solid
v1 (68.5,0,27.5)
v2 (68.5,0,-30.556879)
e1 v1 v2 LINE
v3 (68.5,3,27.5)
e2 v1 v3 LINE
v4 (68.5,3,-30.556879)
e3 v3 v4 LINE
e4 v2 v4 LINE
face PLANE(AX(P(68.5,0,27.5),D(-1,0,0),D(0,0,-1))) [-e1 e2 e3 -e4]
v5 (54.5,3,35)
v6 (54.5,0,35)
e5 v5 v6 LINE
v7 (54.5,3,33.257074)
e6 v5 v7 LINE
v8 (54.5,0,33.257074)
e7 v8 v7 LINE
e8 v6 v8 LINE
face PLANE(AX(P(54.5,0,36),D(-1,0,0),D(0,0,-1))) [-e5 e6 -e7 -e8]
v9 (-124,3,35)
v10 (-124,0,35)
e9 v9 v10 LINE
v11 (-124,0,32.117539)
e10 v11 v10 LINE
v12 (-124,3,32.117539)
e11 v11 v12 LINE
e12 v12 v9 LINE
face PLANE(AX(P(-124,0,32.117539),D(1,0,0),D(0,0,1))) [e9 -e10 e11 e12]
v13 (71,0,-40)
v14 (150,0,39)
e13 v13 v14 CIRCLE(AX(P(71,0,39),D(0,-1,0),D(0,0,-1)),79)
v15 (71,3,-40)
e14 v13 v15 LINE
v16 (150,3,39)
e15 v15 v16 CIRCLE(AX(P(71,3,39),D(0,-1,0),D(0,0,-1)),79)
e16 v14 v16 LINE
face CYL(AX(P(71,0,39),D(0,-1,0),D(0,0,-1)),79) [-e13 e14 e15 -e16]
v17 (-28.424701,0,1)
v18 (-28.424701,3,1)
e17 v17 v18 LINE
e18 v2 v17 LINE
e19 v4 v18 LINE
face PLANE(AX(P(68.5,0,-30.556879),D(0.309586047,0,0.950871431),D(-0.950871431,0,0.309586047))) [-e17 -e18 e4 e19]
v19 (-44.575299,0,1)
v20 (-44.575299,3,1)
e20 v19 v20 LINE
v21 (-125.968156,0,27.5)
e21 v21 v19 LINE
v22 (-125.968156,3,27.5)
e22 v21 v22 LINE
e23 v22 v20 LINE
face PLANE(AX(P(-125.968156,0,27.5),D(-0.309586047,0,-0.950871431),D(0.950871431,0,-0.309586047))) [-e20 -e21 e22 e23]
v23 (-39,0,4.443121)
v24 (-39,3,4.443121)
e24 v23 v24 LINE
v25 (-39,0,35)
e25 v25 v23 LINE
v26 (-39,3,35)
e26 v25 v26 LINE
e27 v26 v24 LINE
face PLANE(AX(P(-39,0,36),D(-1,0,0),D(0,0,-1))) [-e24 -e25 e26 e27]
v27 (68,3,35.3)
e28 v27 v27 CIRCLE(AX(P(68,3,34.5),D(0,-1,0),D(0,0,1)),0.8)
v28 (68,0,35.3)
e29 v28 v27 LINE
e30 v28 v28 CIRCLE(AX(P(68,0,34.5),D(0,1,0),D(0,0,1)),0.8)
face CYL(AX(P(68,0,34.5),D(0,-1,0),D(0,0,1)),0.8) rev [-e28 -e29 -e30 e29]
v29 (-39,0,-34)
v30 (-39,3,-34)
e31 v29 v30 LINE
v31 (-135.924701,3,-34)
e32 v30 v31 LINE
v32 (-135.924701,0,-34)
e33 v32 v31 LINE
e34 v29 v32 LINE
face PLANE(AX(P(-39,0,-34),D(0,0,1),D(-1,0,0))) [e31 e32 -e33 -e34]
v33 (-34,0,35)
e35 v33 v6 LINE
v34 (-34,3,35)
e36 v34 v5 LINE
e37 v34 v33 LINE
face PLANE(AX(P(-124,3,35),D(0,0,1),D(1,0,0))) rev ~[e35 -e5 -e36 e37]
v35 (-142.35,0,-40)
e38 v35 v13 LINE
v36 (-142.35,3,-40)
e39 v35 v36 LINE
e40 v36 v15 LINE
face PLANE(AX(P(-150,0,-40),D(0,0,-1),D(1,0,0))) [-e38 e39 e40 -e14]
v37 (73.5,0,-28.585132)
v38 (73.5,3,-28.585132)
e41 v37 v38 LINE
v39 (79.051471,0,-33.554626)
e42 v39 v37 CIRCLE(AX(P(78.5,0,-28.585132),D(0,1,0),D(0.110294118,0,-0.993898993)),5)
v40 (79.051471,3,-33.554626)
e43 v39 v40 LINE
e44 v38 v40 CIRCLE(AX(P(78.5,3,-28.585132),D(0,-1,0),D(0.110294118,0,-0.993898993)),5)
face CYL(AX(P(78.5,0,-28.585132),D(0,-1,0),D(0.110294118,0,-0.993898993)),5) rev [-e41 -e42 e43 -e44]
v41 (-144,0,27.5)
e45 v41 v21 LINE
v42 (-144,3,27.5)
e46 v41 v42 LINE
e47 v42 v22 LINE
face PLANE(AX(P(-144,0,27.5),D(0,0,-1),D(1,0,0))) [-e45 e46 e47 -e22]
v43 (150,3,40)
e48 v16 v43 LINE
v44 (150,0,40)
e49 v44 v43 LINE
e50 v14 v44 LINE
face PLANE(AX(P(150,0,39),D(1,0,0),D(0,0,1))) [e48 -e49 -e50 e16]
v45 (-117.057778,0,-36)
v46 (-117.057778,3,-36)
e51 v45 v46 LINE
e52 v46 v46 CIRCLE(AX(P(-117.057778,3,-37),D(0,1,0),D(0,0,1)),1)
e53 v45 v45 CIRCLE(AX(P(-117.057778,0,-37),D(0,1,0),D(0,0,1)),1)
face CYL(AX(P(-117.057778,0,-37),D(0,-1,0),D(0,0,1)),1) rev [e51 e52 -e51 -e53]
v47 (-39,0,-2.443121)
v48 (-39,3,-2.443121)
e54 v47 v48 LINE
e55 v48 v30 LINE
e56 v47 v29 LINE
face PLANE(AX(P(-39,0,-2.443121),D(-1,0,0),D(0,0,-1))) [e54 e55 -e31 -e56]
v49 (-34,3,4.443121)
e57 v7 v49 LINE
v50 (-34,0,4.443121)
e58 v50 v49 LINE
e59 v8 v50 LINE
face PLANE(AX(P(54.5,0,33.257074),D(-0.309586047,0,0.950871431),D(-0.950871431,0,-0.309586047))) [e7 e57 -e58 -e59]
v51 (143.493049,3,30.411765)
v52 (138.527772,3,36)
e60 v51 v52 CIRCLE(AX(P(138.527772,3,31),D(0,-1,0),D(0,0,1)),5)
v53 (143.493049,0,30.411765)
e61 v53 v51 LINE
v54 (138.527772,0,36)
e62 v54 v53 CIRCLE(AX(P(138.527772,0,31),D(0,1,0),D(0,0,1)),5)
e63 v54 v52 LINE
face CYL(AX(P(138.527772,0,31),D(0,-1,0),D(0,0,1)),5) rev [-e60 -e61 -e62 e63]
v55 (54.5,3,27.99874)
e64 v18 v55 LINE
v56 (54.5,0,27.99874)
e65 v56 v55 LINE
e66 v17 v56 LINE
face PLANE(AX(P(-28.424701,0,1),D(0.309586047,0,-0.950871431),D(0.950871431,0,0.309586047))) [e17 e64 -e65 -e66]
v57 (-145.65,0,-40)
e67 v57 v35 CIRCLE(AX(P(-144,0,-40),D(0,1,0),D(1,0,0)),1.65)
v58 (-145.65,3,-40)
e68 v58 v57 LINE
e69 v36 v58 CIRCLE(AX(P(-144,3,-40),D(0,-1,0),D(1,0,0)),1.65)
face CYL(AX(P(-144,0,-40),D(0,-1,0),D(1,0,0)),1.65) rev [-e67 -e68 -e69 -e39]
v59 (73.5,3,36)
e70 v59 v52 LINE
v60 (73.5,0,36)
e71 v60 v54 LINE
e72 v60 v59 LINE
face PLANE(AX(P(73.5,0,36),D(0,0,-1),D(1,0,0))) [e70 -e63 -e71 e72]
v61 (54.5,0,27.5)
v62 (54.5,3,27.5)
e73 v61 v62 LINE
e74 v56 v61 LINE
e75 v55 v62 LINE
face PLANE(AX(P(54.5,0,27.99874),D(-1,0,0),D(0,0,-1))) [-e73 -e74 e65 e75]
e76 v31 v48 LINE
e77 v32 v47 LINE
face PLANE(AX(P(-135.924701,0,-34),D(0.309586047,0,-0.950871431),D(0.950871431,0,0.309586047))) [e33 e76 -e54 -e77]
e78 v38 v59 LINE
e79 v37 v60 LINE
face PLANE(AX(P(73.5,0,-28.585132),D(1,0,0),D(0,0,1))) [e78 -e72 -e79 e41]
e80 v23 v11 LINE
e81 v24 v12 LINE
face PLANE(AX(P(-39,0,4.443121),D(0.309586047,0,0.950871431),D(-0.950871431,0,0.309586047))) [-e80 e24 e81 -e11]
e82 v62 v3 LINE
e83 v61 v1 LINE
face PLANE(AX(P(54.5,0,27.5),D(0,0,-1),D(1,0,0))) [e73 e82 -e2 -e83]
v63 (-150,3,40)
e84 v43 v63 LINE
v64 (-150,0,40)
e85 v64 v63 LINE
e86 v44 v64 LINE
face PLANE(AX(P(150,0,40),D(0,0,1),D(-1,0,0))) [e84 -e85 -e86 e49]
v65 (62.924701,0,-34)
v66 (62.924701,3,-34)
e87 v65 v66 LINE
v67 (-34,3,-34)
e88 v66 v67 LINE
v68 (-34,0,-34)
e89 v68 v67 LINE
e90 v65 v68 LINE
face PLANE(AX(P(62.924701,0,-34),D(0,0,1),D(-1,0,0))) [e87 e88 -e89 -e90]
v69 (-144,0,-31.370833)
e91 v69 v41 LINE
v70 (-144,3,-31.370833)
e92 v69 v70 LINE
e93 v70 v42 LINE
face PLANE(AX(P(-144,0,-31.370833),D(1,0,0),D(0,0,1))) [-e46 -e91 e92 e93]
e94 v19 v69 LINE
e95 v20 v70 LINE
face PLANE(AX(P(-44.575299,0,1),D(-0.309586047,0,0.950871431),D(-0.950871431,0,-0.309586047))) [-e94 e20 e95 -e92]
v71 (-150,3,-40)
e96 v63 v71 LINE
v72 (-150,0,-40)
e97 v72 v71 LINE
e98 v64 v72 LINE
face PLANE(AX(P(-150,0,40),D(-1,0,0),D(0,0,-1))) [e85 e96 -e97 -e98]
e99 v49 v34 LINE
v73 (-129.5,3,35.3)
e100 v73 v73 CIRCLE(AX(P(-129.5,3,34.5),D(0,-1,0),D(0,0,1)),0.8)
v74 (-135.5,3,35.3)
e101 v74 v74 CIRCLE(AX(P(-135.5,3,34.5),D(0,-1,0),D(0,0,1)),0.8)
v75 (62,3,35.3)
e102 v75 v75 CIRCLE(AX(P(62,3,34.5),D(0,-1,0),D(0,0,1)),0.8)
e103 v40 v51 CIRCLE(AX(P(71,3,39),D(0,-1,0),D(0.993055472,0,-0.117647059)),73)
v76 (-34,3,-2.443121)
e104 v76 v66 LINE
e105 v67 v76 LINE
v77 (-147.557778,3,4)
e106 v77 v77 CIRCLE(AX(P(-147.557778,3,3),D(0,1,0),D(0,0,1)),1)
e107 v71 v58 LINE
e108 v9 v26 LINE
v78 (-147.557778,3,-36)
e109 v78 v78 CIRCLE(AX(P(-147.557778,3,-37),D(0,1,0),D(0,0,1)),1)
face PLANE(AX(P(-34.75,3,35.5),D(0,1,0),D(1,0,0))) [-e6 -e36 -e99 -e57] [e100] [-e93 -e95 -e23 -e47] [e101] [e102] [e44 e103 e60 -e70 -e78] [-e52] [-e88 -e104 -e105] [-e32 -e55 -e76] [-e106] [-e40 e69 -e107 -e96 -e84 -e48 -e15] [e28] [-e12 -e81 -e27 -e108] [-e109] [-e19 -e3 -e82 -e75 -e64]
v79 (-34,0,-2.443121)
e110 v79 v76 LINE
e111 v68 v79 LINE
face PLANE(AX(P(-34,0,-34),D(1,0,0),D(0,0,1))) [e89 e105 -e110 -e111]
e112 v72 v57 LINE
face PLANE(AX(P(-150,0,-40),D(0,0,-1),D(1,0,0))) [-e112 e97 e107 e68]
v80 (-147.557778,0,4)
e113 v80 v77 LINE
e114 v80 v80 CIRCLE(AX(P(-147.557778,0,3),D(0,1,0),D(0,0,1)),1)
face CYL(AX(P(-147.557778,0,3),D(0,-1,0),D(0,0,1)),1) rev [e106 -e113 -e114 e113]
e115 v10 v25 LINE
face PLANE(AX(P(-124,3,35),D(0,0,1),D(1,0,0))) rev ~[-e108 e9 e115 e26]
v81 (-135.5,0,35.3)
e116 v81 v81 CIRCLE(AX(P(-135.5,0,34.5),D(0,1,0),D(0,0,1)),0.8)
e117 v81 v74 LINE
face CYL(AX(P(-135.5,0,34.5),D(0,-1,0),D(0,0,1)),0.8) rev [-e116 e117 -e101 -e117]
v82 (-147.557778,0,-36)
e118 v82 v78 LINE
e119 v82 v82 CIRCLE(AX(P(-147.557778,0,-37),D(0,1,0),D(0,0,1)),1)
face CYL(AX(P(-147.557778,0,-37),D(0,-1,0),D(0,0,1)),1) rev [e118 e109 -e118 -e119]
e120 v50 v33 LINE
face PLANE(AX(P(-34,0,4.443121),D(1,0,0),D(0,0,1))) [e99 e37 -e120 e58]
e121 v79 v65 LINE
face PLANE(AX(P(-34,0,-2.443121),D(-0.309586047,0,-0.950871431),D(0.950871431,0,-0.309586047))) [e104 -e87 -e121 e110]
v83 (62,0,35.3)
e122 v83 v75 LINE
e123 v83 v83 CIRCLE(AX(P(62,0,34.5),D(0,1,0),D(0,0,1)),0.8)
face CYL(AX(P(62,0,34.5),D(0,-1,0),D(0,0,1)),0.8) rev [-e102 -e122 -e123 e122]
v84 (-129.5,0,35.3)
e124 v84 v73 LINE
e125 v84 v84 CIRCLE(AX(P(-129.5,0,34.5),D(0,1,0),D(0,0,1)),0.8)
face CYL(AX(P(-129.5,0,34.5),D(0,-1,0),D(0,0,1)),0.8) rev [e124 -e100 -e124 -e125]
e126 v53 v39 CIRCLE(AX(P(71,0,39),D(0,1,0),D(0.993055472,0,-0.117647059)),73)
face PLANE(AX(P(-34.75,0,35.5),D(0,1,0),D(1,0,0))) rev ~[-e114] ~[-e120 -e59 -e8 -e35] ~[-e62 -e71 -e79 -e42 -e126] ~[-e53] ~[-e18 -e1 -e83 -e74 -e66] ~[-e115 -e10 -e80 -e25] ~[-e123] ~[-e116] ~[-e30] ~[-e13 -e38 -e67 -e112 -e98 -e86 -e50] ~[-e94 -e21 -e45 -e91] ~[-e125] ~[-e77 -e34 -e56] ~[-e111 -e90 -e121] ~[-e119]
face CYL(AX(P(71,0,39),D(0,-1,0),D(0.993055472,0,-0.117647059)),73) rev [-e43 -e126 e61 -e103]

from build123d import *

# Parameters (mm, degrees)
SKETCH_1_R          = 1
EXTRUDE_1_DEPTH     = 3
SKETCH_4_R          = 0.8
SKETCH_4_R_2        = 1.65
CUT_EXTRUDE_2_DEPTH = 18
SKETCH_6_W          = 178.5
SKETCH_6_H          = 1
EXTRUDE_2_DEPTH     = 3


with BuildPart() as part:
    # 草图1 → 凸台-拉伸1 (new body)
    with BuildSketch(Plane(origin=(0, 0, 0), x_dir=(1, 0, 0), z_dir=(0, 1, 0))):
        with BuildLine():
            Line((-150, 40), (71, 40))
            ThreePointArc((71, 40), (126.861435714, 16.861435714), (150, -39))
            Line((150, -39), (150, -40))
            Line((150, -40), (-150, -40))
            Line((-150, -40), (-150, 40))
        make_face()
        with Locations(Location((-117.057778193, 37, 0), (0, 0, 270))):
            Circle(SKETCH_1_R, mode=Mode.SUBTRACT)
        with Locations(Location((-147.557778193, 37, 0), (0, 0, 270))):
            Circle(SKETCH_1_R, mode=Mode.SUBTRACT)
        with Locations(Location((-147.557778193, -3, 0), (0, 0, 270))):
            Circle(SKETCH_1_R, mode=Mode.SUBTRACT)
    extrude(amount=EXTRUDE_1_DEPTH)

    # 草图4 → 切除-拉伸2 (cut)
    with BuildSketch(Plane(origin=(0, 0, 0), x_dir=(1, 0, 0), z_dir=(0, 1, 0))):
        Polygon((-34, 2.44312071), (62.924700675, 34), (-34, 34), align=None)
        Polygon((68.5, -27.5), (68.5, 30.55687929), (-28.424700675, -1), (54.5, -27.998739755), (54.5, -27.5), align=None)
        Polygon((-39, 2.44312071), (-39, 34), (-135.924700675, 34), align=None)
        with Locations(Location((68, -34.5, 0), (0, 0, 270))):
            Circle(SKETCH_4_R)
        Polygon((54.5, -36), (54.5, -33.257074199), (-34, -4.44312071), (-34, -36), align=None)
        Polygon((-125.968156468, -27.5), (-44.575299325, -1), (-144, 31.370832778), (-144, -27.5), align=None)
        Polygon((-39, -36), (-39, -4.44312071), (-124, -32.117539315), (-124, -36), align=None)
        with BuildLine():
            Line((73.5, 28.585131501), (73.5, -36))
            Line((73.5, -36), (138.527772065, -36))
            ThreePointArc((138.527772065, -36), (142.265497073, -34.321055821), (143.493049422, -30.411764706))
            ThreePointArc((143.493049422, -30.411764706), (122.427421924, 12.809461243), (79.051470588, 33.554626464))
            ThreePointArc((79.051470588, 33.554626464), (75.165135156, 32.310541072), (73.5, 28.585131501))
        make_face()
        with Locations(Location((-129.5, -34.5, 0), (0, 0, 270))):
            Circle(SKETCH_4_R)
        with Locations(Location((-135.5, -34.5, 0), (0, 0, 270))):
            Circle(SKETCH_4_R)
        with Locations(Location((62, -34.5, 0), (0, 0, 270))):
            Circle(SKETCH_4_R)
        with Locations((-144, 40)):
            Circle(SKETCH_4_R_2)
    extrude(amount=CUT_EXTRUDE_2_DEPTH, mode=Mode.SUBTRACT)

    # 草图6 → 凸台-拉伸2 (add, through all)
    with BuildSketch(Plane(origin=(0, 3, 0), x_dir=(1, 0, 0), z_dir=(0, 1, 0))):
        with Locations((-34.75, -35.5)):
            Rectangle(SKETCH_6_W, SKETCH_6_H)
    extrude(amount=-EXTRUDE_2_DEPTH)


solid = part.part
